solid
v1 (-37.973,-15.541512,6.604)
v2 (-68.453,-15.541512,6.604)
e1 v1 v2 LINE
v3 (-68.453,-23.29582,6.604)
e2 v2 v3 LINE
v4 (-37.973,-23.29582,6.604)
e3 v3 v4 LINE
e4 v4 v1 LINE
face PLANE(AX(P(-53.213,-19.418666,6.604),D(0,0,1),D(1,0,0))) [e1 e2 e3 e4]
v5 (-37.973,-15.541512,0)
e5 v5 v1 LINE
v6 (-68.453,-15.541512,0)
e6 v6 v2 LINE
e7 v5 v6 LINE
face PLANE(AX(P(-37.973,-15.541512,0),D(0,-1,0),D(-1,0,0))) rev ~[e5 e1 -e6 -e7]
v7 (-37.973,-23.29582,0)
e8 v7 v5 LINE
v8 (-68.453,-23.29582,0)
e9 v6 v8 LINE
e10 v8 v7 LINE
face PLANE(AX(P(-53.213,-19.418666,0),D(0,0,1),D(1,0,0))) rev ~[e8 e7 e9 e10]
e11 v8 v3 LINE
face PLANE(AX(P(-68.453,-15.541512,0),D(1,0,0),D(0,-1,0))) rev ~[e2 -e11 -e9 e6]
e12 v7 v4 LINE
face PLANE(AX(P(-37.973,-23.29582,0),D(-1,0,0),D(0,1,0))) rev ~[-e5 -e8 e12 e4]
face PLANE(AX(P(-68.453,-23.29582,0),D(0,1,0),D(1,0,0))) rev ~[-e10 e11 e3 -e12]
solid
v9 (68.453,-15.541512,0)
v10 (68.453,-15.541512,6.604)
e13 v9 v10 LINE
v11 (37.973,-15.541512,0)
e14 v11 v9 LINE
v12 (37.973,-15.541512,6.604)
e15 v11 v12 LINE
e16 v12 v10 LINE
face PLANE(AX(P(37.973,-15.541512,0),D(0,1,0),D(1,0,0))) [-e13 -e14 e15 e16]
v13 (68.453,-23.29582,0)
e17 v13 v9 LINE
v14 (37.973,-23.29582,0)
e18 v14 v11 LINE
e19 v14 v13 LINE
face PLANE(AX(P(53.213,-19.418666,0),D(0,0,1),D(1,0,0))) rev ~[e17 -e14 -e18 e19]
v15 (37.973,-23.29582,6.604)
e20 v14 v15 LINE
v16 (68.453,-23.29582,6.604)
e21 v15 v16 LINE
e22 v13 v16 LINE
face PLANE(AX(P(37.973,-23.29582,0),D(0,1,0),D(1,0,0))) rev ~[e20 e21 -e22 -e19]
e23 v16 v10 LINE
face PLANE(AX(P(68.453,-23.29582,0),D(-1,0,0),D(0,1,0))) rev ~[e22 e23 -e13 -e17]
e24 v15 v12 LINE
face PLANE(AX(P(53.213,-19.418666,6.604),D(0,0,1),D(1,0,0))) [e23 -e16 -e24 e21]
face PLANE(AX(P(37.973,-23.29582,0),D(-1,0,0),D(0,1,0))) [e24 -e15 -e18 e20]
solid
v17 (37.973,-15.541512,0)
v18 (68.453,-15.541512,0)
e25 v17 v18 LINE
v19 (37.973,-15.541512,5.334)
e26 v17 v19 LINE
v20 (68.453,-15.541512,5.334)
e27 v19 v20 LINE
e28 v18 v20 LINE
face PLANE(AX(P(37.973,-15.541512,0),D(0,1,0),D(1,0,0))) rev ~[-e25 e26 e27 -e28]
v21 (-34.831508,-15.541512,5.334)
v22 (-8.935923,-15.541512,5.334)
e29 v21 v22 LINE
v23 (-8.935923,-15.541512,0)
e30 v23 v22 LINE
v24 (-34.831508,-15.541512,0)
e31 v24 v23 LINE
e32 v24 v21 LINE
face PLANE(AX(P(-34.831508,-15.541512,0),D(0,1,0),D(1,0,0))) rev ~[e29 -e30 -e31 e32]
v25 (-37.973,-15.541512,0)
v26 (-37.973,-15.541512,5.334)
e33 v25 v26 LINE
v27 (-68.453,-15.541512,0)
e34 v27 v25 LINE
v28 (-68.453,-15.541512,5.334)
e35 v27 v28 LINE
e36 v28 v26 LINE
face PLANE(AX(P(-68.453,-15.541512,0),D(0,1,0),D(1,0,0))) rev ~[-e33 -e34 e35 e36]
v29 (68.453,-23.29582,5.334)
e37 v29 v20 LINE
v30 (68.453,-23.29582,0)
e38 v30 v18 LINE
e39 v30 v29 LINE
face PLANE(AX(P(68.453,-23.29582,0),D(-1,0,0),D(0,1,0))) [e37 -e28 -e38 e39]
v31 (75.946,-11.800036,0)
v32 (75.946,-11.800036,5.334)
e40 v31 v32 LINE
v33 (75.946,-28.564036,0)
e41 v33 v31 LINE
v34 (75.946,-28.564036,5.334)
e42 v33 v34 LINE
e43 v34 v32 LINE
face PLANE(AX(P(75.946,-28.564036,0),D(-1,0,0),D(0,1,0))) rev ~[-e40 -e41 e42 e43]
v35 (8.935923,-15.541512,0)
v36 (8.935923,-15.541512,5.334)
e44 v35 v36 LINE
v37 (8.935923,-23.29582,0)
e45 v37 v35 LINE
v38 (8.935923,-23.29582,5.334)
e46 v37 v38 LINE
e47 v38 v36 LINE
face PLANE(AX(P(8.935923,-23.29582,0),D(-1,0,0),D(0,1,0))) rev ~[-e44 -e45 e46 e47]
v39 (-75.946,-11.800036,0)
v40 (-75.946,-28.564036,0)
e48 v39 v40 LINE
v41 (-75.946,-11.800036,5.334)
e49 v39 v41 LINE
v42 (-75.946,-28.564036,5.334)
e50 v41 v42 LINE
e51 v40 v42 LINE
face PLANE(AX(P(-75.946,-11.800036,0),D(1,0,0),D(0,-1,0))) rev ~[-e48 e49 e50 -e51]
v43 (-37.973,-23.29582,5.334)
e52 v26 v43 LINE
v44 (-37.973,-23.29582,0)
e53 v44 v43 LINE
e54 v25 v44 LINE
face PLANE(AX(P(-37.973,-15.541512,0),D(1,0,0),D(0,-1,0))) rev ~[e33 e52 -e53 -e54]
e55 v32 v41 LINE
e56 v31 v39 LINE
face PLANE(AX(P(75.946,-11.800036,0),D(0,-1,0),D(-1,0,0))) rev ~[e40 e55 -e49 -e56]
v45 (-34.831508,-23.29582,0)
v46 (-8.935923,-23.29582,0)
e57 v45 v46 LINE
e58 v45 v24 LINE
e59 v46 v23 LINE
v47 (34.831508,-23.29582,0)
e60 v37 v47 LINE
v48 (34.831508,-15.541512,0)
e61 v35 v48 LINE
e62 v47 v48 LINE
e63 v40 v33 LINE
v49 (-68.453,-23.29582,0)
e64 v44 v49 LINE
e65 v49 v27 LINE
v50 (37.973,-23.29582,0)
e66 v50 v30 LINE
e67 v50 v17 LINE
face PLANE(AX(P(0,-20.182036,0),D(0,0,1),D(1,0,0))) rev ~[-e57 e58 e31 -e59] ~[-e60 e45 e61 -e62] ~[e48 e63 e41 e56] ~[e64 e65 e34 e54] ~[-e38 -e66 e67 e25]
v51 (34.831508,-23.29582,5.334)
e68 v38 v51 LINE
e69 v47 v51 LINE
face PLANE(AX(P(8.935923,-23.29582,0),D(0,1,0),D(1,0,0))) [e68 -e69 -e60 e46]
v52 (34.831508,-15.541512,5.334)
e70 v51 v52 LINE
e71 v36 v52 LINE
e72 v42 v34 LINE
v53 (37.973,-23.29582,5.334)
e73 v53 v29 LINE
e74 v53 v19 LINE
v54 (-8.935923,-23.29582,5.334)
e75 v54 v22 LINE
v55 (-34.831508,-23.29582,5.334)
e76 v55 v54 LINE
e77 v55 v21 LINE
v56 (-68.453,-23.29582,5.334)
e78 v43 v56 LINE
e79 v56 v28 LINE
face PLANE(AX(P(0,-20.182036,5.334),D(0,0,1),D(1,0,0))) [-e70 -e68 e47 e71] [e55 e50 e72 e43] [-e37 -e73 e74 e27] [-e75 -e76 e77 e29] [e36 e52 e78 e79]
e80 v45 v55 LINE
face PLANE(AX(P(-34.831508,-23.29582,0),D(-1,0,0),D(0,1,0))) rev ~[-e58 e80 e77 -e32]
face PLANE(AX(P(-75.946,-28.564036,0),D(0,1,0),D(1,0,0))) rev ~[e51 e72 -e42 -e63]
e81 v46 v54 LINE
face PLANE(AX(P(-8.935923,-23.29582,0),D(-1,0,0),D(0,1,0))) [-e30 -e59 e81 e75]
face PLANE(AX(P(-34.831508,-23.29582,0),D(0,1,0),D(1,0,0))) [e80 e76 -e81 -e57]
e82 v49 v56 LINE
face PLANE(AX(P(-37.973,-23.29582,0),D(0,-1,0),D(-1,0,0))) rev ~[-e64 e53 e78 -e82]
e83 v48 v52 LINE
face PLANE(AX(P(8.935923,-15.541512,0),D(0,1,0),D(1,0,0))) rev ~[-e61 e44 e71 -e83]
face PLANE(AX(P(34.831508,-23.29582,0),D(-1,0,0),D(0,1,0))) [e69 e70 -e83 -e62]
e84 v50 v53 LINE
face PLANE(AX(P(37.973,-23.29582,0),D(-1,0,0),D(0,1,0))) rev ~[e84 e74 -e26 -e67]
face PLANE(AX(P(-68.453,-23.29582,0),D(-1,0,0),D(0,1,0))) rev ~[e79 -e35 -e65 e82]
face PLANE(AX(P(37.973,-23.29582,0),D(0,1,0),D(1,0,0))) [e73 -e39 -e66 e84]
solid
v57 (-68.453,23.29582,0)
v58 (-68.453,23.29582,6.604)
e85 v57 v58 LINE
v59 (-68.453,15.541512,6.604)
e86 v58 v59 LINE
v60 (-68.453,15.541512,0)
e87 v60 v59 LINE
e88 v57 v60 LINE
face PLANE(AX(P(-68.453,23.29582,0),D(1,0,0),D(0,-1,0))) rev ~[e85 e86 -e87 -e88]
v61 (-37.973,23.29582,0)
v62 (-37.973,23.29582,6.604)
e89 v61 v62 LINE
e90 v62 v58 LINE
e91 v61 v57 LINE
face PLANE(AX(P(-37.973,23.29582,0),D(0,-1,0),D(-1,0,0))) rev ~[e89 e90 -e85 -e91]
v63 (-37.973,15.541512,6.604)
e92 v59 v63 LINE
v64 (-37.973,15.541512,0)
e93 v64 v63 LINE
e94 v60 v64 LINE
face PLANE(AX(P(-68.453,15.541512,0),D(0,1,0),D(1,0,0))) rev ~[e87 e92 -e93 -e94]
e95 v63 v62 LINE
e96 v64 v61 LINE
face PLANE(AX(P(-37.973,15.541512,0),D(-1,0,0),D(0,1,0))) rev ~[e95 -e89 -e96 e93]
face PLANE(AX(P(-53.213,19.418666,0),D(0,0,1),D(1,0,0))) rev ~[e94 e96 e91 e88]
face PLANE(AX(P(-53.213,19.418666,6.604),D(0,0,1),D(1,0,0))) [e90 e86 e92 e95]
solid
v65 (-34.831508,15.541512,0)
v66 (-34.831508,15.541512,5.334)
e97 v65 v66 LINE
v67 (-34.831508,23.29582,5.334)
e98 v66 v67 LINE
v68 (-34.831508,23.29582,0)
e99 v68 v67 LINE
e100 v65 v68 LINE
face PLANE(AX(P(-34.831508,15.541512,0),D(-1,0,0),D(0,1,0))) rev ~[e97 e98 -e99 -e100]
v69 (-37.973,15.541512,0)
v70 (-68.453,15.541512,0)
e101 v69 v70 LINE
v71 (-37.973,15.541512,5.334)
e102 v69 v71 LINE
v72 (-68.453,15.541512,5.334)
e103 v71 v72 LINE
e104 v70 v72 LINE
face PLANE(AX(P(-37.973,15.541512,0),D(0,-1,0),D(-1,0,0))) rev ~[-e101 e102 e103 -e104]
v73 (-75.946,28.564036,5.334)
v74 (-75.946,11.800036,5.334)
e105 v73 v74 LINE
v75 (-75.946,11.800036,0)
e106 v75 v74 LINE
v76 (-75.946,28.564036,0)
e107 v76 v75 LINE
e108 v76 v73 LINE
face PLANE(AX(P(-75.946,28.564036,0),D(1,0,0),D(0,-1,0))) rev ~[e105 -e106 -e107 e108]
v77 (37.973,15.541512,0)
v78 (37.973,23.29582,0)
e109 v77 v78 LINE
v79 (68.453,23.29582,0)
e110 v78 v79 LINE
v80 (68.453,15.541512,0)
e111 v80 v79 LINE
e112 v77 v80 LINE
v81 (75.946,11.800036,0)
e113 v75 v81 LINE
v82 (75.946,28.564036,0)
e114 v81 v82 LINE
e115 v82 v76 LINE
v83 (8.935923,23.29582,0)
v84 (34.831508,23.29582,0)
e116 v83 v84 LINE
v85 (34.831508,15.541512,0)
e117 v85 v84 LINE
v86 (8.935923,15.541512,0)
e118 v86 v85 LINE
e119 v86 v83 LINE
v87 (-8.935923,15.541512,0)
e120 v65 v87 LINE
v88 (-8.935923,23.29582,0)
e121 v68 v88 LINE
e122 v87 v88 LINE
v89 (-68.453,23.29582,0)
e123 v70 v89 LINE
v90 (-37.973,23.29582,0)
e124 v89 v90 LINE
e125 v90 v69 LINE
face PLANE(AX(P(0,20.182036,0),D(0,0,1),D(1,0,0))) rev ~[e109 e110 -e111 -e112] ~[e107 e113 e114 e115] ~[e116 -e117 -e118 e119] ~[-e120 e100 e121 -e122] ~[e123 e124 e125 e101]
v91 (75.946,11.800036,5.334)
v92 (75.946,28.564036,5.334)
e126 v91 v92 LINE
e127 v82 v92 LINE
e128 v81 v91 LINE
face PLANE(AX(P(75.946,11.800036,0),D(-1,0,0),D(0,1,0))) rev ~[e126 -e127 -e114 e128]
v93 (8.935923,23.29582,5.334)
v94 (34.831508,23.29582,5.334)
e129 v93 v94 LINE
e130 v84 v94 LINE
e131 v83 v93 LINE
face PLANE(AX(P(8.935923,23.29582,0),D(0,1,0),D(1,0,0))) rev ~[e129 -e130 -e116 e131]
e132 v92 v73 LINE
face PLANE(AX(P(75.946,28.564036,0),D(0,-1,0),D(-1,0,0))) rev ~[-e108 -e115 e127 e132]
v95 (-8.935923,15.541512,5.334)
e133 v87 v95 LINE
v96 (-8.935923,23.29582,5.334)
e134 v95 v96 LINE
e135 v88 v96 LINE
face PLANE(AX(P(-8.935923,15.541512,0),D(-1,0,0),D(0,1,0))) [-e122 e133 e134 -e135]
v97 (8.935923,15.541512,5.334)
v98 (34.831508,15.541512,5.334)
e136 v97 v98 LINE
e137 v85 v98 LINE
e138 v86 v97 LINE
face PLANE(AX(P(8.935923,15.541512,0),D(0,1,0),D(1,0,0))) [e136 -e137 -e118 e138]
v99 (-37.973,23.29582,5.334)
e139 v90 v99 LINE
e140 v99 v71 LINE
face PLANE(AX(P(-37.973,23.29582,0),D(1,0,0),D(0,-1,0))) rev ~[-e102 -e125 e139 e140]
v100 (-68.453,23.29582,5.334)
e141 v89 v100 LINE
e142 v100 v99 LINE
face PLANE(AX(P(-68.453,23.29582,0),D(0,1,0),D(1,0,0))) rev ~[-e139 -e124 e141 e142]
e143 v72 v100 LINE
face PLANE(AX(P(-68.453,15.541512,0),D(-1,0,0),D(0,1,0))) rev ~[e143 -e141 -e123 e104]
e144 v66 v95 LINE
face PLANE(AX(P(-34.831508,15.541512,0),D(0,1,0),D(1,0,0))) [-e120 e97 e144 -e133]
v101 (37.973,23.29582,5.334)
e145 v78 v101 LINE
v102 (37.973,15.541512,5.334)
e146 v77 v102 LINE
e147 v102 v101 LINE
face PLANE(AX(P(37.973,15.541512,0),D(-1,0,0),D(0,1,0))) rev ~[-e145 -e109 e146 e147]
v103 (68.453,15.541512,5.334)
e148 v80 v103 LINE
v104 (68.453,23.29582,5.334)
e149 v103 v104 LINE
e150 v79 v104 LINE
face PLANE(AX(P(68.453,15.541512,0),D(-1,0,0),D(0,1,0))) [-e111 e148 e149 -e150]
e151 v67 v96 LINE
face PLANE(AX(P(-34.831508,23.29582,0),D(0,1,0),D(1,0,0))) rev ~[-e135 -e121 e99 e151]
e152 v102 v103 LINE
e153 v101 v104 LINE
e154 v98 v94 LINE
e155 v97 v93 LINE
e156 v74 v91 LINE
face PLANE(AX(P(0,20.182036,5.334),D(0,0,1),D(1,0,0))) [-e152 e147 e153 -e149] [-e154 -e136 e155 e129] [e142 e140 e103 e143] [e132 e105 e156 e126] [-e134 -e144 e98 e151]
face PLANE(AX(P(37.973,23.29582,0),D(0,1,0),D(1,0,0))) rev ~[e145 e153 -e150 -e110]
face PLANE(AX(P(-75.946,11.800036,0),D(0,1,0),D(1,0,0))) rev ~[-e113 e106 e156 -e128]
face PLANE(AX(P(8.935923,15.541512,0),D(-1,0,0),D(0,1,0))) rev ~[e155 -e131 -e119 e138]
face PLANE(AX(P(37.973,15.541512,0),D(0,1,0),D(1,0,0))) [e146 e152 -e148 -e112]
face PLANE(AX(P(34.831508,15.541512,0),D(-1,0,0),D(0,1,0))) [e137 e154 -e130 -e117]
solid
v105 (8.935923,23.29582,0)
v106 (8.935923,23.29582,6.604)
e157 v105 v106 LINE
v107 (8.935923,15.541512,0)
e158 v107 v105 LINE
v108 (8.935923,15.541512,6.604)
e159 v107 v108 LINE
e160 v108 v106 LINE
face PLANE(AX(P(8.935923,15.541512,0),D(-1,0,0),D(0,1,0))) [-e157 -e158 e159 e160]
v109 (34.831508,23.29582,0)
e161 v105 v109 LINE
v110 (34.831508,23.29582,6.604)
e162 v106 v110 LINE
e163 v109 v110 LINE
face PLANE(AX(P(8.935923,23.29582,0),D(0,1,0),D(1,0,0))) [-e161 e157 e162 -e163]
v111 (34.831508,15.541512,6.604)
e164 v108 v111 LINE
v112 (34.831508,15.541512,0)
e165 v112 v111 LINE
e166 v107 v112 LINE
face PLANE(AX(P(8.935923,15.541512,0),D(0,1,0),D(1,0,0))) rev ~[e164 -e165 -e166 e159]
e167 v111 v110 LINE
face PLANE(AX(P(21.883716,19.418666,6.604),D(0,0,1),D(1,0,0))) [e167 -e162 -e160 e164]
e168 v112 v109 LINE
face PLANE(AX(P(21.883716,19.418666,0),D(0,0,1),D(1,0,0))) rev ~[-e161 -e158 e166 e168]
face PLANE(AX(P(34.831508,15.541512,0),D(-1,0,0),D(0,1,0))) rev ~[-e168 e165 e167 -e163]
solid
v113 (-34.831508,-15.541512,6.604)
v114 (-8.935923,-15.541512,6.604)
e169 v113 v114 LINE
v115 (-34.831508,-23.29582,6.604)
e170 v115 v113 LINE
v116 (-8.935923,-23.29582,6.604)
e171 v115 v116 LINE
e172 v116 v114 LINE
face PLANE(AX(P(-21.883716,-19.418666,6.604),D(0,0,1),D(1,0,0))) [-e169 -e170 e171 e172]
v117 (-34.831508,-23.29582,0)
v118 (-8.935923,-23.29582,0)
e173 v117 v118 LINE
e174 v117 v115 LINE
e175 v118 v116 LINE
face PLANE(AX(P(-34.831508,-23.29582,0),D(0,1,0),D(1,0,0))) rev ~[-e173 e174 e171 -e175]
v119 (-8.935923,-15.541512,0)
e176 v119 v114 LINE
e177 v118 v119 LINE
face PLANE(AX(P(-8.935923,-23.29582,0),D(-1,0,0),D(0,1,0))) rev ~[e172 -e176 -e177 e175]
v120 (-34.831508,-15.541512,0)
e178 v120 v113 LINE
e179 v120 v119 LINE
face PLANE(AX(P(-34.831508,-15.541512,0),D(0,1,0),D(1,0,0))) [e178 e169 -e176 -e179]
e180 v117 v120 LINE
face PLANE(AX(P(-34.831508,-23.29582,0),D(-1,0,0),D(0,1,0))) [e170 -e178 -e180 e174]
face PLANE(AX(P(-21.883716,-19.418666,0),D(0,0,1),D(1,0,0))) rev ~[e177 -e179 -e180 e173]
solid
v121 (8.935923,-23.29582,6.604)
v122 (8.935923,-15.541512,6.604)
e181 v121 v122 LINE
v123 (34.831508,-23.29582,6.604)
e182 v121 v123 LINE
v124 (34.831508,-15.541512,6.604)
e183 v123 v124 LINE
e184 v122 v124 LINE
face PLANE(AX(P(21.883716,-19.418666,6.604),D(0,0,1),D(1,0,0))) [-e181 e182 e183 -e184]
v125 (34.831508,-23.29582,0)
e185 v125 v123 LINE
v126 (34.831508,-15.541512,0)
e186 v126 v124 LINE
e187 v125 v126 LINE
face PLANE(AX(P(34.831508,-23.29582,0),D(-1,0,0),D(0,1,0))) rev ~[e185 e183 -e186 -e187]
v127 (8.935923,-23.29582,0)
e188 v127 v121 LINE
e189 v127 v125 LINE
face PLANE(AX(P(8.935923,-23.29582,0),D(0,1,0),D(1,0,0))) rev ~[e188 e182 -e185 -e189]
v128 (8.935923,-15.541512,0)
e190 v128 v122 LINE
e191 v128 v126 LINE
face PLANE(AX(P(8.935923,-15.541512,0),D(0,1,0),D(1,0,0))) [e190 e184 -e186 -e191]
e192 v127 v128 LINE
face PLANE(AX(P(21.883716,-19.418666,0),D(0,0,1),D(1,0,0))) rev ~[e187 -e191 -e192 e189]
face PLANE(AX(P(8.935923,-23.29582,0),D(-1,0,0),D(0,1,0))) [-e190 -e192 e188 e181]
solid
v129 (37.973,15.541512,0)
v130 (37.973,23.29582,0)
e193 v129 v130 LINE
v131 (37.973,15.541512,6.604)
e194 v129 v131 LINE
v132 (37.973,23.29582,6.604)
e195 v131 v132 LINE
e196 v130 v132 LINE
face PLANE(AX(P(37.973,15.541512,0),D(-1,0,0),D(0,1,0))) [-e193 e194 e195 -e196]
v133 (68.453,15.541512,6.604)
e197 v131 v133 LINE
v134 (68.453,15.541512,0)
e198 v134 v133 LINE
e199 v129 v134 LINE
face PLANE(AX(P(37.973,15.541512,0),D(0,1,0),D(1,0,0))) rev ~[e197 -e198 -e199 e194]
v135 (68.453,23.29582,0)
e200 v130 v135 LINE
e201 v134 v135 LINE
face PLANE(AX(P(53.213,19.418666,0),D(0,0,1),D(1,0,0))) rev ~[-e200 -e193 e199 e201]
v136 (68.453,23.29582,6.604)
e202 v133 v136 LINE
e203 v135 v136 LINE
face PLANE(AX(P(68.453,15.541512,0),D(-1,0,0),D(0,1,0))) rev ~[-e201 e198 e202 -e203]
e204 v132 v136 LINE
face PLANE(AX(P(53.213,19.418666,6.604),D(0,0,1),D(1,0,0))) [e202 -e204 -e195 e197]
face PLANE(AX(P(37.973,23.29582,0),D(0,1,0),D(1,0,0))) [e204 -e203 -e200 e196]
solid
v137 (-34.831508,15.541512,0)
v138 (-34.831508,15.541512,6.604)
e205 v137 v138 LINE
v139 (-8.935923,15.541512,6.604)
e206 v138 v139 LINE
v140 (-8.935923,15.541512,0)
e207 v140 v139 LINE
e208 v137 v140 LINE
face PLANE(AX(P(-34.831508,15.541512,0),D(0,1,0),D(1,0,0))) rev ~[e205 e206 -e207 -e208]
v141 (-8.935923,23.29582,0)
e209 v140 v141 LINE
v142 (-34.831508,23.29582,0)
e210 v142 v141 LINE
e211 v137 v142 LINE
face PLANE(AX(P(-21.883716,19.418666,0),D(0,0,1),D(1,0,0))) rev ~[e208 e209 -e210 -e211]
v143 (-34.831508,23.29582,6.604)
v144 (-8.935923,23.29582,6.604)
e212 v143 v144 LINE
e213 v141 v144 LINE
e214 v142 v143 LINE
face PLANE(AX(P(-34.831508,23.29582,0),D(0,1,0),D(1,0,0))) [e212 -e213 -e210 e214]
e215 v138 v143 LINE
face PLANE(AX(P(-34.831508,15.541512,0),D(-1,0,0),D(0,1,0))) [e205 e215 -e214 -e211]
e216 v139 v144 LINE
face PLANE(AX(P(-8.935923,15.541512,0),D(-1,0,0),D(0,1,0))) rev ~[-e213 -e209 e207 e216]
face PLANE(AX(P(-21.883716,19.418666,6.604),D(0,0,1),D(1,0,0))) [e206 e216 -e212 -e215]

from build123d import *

# Parameters (mm, degrees)
F0_W     = 25.895585
F0_H     = 7.754308
F0_W_2   = 30.48
F1_DEPTH = 5.334
F2_DEPTH = 6.604


with BuildPart() as f1:
    # F0 (on Top) → F1 (new body)
    with BuildSketch(Plane.XY):
        Polygon((75.946, 28.564036), (0, 28.564036), (-75.946, 28.564036), (-75.946, 11.800036), (0, 11.800036), (75.946, 11.800036), align=None)
        Polygon((-68.453, 15.541512), (-68.453, 20.182036), (-68.453, 23.29582), (-37.973, 23.29582), (-37.973, 15.541512), align=None, mode=Mode.SUBTRACT)
        with Locations((-21.883716, 19.418666)):
            Rectangle(F0_W, F0_H, mode=Mode.SUBTRACT)
        with Locations((21.883716, 19.418666)):
            Rectangle(F0_W, F0_H, mode=Mode.SUBTRACT)
        with Locations((53.213, 19.418666)):
            Rectangle(F0_W_2, F0_H, mode=Mode.SUBTRACT)
        Polygon((0, -11.800036), (-75.946, -11.800036), (-75.946, -28.564036), (0, -28.564036), (75.946, -28.564036), (75.946, -11.800036), align=None)
        Polygon((-37.973, -15.541512), (-37.973, -23.29582), (-68.453, -23.29582), (-68.453, -20.182036), (-68.453, -15.541512), align=None, mode=Mode.SUBTRACT)
        with Locations((-21.883716, -19.418666)):
            Rectangle(F0_W, F0_H, mode=Mode.SUBTRACT)
        with Locations((21.883716, -19.418666)):
            Rectangle(F0_W, F0_H, mode=Mode.SUBTRACT)
        with Locations((53.213, -19.418666)):
            Rectangle(F0_W_2, F0_H, mode=Mode.SUBTRACT)
    extrude(amount=F1_DEPTH)


with BuildPart() as f2:
    # F0 (on Top) → F2 (new body)
    with BuildSketch(Plane.XY):
        Polygon((-68.453, 23.29582), (-68.453, 20.182036), (-68.453, 15.541512), (-37.973, 15.541512), (-37.973, 23.29582), align=None)
        with Locations((-21.883716, 19.418666)):
            Rectangle(F0_W, F0_H)
        with Locations((21.883716, 19.418666)):
            Rectangle(F0_W, F0_H)
        with Locations((53.213, 19.418666)):
            Rectangle(F0_W_2, F0_H)
        Polygon((-68.453, -23.29582), (-37.973, -23.29582), (-37.973, -15.541512), (-68.453, -15.541512), (-68.453, -20.182036), align=None)
        with Locations((-21.883716, -19.418666)):
            Rectangle(F0_W, F0_H)
        with Locations((21.883716, -19.418666)):
            Rectangle(F0_W, F0_H)
        with Locations((53.213, -19.418666)):
            Rectangle(F0_W_2, F0_H)
    extrude(amount=F2_DEPTH)


solid = Compound([f1.part, f2.part])
